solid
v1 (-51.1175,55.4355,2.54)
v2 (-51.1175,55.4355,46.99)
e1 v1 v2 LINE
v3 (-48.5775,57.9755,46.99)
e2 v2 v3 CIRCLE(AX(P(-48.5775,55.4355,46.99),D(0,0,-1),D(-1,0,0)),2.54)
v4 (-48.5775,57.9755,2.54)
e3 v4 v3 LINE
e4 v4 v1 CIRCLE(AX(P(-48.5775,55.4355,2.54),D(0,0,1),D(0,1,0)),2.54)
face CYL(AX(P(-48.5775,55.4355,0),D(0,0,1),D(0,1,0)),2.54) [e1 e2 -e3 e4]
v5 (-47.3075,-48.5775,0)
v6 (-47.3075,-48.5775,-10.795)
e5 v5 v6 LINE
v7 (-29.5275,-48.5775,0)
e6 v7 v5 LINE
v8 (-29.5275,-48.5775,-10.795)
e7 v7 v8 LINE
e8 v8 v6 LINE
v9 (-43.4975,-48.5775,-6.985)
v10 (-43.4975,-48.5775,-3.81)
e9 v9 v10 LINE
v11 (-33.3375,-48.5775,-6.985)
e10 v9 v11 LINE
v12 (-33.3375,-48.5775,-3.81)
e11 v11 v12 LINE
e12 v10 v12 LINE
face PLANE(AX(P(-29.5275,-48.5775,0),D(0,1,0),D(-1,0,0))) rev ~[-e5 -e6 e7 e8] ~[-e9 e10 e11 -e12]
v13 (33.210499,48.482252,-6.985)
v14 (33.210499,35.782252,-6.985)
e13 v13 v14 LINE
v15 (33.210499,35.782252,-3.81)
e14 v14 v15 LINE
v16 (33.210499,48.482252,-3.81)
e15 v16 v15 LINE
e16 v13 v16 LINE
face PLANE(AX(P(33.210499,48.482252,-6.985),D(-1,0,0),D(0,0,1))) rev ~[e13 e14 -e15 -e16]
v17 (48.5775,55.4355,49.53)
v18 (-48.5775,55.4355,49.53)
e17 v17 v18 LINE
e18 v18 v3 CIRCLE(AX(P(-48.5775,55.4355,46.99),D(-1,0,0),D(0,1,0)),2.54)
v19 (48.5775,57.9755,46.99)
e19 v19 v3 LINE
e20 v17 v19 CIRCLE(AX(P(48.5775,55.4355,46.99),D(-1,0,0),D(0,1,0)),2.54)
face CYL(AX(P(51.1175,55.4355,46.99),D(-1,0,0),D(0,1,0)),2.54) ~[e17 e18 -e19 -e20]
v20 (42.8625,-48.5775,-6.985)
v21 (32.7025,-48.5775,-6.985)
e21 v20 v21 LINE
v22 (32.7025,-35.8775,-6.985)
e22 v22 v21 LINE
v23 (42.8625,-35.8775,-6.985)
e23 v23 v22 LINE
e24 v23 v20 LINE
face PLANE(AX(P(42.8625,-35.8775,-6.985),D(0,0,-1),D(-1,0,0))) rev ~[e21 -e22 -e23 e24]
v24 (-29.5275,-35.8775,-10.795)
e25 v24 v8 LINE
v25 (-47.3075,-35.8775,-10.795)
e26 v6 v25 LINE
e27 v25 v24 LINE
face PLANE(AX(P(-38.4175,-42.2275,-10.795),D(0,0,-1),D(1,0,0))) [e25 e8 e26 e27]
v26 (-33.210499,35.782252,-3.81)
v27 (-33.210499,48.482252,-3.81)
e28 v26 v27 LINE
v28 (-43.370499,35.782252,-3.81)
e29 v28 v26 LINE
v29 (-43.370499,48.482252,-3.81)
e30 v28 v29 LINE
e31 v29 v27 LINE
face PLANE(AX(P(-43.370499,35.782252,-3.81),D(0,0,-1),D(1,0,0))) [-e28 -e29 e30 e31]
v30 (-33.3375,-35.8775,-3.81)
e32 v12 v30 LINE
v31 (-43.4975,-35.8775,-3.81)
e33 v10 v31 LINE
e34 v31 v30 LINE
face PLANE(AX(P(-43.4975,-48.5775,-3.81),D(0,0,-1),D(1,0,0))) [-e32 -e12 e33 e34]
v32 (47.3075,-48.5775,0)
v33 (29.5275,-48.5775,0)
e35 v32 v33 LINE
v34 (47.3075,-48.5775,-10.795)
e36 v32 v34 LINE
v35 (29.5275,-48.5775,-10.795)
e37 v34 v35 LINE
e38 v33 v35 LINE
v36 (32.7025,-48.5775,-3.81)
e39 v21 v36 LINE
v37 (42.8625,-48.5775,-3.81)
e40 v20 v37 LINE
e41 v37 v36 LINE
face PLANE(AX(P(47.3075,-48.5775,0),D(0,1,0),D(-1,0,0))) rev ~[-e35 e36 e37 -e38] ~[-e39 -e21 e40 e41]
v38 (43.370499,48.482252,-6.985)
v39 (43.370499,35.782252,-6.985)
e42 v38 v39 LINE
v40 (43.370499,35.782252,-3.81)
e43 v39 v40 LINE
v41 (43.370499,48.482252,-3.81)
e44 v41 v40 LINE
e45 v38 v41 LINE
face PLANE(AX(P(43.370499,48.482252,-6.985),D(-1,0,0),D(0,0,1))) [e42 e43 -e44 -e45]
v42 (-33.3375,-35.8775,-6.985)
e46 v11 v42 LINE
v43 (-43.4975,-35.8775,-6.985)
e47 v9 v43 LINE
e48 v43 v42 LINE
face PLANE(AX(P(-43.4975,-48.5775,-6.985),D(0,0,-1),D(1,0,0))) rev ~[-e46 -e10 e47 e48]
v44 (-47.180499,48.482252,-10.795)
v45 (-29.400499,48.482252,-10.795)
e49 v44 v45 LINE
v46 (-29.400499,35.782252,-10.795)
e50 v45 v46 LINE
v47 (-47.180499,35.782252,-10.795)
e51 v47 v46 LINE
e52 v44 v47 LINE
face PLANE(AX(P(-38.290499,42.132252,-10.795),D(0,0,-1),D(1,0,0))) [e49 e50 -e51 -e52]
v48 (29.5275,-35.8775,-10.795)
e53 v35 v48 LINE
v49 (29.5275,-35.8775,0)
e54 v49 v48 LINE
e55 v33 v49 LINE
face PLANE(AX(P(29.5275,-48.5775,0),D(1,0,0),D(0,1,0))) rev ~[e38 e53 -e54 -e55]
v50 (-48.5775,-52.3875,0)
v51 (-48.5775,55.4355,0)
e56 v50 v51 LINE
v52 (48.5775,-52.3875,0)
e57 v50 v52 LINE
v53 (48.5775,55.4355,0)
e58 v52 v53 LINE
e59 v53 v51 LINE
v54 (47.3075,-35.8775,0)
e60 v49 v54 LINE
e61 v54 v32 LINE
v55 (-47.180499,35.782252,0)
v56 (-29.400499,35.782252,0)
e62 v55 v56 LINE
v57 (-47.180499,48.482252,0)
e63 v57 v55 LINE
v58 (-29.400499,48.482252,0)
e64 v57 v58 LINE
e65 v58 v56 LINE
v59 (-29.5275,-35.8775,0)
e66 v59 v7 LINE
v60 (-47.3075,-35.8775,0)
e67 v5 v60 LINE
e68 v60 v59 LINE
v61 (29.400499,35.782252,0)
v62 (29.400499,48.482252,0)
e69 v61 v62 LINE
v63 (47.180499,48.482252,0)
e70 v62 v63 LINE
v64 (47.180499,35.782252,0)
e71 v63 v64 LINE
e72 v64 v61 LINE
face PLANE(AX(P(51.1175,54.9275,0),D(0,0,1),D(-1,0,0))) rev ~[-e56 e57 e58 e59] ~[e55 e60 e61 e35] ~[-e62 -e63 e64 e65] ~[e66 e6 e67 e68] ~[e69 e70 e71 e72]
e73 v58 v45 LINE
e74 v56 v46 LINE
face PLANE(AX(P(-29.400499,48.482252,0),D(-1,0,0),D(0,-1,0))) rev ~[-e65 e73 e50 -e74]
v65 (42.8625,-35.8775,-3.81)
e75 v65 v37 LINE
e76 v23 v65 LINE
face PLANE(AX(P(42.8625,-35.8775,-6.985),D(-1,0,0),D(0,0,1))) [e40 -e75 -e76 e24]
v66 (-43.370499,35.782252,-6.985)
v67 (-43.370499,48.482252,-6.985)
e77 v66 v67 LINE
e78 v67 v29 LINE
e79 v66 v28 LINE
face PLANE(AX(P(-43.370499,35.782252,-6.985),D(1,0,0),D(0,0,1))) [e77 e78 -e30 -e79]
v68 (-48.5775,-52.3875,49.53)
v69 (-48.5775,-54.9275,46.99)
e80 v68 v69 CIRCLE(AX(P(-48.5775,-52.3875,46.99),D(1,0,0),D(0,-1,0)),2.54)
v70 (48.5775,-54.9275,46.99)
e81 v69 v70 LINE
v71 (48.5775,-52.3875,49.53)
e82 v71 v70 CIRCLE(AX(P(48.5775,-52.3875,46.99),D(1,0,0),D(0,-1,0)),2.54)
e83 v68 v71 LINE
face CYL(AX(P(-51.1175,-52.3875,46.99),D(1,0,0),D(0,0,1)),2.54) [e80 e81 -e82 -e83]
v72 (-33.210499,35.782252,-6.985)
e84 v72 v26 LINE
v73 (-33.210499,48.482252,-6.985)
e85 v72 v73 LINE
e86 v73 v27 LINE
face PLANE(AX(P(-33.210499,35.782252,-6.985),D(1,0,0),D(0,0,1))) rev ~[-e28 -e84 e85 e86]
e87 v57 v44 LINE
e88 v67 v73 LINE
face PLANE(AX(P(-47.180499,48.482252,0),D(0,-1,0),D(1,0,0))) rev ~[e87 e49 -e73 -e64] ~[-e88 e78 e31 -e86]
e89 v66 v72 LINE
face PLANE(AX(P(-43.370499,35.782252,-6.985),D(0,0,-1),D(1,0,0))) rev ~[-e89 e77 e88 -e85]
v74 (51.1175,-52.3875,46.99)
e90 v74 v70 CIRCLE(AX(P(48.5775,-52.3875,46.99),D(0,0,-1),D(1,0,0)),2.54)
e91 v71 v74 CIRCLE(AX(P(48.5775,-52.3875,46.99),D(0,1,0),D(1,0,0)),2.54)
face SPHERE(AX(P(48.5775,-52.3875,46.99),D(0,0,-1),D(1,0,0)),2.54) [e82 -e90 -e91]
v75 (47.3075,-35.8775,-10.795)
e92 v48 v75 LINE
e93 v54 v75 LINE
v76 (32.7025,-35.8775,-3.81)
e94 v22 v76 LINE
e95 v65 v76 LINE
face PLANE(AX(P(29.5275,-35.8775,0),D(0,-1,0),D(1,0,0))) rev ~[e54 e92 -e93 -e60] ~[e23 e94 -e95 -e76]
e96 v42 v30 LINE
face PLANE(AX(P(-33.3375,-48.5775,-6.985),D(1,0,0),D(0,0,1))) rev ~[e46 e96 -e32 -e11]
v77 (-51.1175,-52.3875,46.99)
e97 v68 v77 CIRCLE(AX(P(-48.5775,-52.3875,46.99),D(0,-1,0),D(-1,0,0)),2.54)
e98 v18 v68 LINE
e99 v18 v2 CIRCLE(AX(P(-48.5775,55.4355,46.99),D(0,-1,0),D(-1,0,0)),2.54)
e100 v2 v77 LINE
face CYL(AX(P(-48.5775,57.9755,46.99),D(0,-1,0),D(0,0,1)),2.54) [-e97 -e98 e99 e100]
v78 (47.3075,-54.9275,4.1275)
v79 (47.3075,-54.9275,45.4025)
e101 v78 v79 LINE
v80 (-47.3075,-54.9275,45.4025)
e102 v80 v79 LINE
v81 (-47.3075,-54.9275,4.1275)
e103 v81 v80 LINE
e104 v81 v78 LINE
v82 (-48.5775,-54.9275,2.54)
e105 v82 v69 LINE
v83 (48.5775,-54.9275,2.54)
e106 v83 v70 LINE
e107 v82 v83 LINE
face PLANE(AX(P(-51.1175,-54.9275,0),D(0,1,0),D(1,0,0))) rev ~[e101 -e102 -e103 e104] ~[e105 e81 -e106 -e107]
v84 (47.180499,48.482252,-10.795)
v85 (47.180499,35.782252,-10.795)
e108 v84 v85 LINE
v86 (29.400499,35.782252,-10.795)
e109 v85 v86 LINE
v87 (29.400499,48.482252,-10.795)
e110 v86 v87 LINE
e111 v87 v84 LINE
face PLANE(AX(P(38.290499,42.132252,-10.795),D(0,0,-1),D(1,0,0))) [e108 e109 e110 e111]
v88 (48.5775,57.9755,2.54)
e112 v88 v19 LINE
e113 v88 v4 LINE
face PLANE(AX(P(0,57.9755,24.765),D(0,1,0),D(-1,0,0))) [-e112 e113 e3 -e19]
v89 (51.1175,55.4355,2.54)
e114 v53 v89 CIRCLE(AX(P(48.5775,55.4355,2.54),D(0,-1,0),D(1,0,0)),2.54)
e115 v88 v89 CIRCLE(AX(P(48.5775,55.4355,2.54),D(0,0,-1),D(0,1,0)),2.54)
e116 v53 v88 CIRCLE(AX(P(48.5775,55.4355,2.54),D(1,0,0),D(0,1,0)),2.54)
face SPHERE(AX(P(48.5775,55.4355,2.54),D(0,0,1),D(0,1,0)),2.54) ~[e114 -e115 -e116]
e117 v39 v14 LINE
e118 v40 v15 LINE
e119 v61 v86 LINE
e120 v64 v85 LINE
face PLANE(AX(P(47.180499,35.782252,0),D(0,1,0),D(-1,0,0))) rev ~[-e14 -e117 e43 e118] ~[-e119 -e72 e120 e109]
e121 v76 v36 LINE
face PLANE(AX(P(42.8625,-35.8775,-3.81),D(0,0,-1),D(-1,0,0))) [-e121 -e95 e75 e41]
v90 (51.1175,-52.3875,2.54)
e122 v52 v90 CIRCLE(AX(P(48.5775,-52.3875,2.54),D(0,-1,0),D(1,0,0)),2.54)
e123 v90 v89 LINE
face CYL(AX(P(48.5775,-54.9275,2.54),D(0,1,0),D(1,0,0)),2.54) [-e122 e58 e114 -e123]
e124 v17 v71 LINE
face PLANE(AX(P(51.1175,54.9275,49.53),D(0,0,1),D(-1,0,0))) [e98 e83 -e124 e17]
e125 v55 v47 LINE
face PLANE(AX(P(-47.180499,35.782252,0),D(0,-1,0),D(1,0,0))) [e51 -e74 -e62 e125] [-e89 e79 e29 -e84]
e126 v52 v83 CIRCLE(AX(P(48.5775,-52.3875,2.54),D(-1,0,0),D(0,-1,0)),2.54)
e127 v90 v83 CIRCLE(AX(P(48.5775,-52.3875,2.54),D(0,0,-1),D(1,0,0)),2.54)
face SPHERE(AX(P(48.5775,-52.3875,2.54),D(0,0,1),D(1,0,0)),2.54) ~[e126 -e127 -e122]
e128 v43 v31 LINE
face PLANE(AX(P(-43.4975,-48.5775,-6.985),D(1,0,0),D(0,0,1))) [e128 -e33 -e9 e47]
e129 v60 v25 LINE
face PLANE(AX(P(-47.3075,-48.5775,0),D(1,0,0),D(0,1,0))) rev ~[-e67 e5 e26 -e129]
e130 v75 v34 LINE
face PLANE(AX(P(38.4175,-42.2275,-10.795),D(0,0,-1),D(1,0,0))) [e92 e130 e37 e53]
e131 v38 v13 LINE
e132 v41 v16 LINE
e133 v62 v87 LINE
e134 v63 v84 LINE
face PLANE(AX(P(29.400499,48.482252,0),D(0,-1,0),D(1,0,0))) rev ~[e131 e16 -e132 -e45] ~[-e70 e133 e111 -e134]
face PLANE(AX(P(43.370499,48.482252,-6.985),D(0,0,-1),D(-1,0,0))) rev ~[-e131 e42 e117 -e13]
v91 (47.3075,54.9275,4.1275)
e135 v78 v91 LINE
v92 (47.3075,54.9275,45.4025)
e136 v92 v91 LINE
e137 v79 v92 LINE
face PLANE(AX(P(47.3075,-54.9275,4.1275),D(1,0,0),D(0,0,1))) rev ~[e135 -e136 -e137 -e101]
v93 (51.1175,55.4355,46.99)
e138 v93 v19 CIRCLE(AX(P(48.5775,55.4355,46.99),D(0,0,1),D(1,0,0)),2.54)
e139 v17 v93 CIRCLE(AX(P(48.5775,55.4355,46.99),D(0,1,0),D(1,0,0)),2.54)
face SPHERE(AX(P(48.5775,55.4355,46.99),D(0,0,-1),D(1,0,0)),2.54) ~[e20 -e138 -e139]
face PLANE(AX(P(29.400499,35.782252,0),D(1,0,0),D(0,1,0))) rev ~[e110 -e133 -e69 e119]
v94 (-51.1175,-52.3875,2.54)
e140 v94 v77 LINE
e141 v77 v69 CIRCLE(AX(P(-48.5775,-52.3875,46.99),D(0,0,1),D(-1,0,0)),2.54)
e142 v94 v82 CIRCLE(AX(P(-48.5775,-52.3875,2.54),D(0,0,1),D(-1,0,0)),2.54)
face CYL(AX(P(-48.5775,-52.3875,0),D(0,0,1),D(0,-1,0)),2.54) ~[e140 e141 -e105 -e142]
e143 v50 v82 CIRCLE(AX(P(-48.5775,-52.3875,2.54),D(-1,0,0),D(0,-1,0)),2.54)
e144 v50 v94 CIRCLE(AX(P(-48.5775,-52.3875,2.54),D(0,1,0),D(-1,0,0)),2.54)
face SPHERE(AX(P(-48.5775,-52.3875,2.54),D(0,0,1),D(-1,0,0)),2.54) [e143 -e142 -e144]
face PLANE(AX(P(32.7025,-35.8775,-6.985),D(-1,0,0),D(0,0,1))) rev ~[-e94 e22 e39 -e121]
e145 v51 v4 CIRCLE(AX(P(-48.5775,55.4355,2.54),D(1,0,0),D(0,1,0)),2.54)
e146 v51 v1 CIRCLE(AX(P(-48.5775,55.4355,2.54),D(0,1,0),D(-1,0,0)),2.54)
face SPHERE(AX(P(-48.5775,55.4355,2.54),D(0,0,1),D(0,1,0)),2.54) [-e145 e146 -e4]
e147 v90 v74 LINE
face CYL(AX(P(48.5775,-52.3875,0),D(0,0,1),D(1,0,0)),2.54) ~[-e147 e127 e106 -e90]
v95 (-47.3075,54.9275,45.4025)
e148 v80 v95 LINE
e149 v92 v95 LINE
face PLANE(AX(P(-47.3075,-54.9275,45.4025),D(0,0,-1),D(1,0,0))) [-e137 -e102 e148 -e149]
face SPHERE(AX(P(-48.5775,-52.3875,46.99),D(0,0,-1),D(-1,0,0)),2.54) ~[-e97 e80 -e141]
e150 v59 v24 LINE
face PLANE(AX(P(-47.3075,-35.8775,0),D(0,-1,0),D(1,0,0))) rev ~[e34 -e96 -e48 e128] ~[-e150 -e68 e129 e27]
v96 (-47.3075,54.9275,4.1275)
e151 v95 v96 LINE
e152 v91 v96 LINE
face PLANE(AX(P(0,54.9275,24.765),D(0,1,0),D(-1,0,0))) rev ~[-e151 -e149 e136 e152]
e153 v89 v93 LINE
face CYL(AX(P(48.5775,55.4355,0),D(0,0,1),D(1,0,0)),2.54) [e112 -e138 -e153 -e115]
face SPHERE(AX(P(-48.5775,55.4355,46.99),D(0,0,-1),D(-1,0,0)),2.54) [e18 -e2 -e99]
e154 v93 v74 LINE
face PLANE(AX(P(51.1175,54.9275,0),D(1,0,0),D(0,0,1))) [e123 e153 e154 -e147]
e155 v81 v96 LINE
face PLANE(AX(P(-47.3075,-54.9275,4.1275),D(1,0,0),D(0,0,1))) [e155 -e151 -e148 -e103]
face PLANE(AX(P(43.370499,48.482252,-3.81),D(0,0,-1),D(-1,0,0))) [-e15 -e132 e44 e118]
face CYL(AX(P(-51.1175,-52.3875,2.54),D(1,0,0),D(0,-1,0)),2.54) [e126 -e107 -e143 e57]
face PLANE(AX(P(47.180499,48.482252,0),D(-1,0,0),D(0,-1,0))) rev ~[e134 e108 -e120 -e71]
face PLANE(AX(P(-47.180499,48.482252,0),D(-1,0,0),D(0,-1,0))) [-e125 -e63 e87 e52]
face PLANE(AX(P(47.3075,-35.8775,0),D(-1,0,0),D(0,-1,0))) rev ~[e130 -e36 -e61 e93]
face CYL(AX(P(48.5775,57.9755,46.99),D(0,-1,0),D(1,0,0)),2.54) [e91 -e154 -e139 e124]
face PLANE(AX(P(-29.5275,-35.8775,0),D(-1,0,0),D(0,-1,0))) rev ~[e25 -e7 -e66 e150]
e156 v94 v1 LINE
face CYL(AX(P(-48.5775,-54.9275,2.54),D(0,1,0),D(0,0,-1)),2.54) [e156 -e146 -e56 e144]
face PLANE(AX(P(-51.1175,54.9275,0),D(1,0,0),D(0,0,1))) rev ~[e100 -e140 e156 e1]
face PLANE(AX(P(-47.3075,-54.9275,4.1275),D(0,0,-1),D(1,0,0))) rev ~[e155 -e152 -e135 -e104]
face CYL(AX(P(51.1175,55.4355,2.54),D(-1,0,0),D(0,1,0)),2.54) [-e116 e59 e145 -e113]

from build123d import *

# Parameters (mm, degrees)
F0_W      = 102.235
F0_H      = 109.855
F1_DEPTH  = 49.53
F2_W      = 94.615
F2_H      = 41.275
F3_DEPTH  = 111.252
F4_W      = 17.78
F4_H      = 12.7
F5_DEPTH  = 10.795
F6_W      = 10.16
F6_H      = 3.175
F7_DEPTH  = 12.7
F8_W      = 102.235
F8_H      = 49.53
F9_DEPTH  = 3.048
F10_W     = 10.16
F10_H     = 3.175
F11_DEPTH = 25.4
F12_W     = 10.16
F12_H     = 3.175
F13_DEPTH = 25.4
F14_R     = 2.54
F15_W     = 10.16
F15_H     = 3.175
F16_DEPTH = 25.4
F17_W     = 10.16
F17_H     = 3.175
F18_DEPTH = 25.4


with BuildPart() as f1:
    # F0 (on Top) → F1 (new body)
    with BuildSketch(Plane.XY):
        Rectangle(F0_W, F0_H)
    extrude(amount=F1_DEPTH)

    # F2 (on face) → F3 (cut)
    with BuildSketch(Plane.XZ.offset(54.9275)):
        with Locations((0, 24.765)):
            Rectangle(F2_W, F2_H)
    extrude(amount=-F3_DEPTH, mode=Mode.SUBTRACT)

    # F4 (on face) → F5 (join)
    with BuildSketch(Plane(origin=(0, 0, 0), x_dir=(1, 0, 0), z_dir=(0, 0, -1))):
        with Locations((-38.290499, -42.132252)):
            Rectangle(F4_W, F4_H)
        Polygon((-38.4175, 48.5775), (-47.3075, 48.5775), (-47.3075, 35.8775), (-29.5275, 35.8775), (-29.5275, 48.5775), align=None)
        Polygon((47.3075, 48.5775), (38.4175, 48.5775), (29.5275, 48.5775), (29.5275, 35.8775), (47.3075, 35.8775), align=None)
        Polygon((29.400499, -48.482252), (38.4175, -48.482252), (47.180499, -48.482252), (47.180499, -35.782252), (29.400499, -35.782252), align=None)
    extrude(amount=F5_DEPTH)

    # F6 (on face) → F7 (cut)
    with BuildSketch(Plane(origin=(-51.1175, 0, 0), x_dir=(0, -1, 0), z_dir=(-1, 0, 0))):
        with Locations((-26.9875, -3.175)):
            Rectangle(F6_W, F6_H)
        with Locations((26.9875, -3.175)):
            Rectangle(F6_W, F6_H)
    extrude(amount=-F7_DEPTH, mode=Mode.SUBTRACT)

    # F8 (on face) → F9 (join)
    with BuildSketch(Plane(origin=(0, 54.9275, 0), x_dir=(-1, 0, 0), z_dir=(0, 1, 0))):
        with Locations((0, 24.765)):
            Rectangle(F8_W, F8_H)
    extrude(amount=F9_DEPTH)

    # F10 (on face) → F11 (cut)
    with BuildSketch(Plane.XZ.offset(48.5775)):
        with Locations((-38.4175, -5.3975)):
            Rectangle(F10_W, F10_H)
    extrude(amount=-F11_DEPTH, mode=Mode.SUBTRACT)

    # F12 (on face) → F13 (cut)
    with BuildSketch(Plane.XZ.offset(-35.782252)):
        with Locations((-38.290499, -5.3975)):
            Rectangle(F12_W, F12_H)
    extrude(amount=-F13_DEPTH, mode=Mode.SUBTRACT)

    # F14
    f14_edges = [f1.edges().sort_by_distance(p)[0] for p in [
        (-51.1175, -54.9275, 24.765),
        (51.1175, -54.9275, 24.765),
        (51.1175, 57.9755, 24.765),
        (-51.1175, 57.9755, 24.765),
        (0, 57.9755, 0),
        (51.1175, 1.524, 0),
        (51.1175, 1.524, 49.53),
        (-51.1175, 1.524, 0),
        (-51.1175, 1.524, 49.53),
        (0, 57.9755, 49.53),
        (0, -54.9275, 49.53),
        (0, -54.9275, 0),
    ]]
    fillet(f14_edges, radius=F14_R)

    # F15 (on face) → F16 (cut)
    with BuildSketch(Plane(origin=(0, 48.482252, 0), x_dir=(-1, 0, 0), z_dir=(0, 1, 0))):
        with Locations((-38.290499, -5.3975)):
            Rectangle(F15_W, F15_H)
    extrude(amount=-F16_DEPTH, mode=Mode.SUBTRACT)

    # F17 (on face) → F18 (cut)
    with BuildSketch(Plane(origin=(0, -35.8775, 0), x_dir=(-1, 0, 0), z_dir=(0, 1, 0))):
        with Locations((-37.7825, -5.3975)):
            Rectangle(F17_W, F17_H)
    extrude(amount=-F18_DEPTH, mode=Mode.SUBTRACT)


solid = f1.part
